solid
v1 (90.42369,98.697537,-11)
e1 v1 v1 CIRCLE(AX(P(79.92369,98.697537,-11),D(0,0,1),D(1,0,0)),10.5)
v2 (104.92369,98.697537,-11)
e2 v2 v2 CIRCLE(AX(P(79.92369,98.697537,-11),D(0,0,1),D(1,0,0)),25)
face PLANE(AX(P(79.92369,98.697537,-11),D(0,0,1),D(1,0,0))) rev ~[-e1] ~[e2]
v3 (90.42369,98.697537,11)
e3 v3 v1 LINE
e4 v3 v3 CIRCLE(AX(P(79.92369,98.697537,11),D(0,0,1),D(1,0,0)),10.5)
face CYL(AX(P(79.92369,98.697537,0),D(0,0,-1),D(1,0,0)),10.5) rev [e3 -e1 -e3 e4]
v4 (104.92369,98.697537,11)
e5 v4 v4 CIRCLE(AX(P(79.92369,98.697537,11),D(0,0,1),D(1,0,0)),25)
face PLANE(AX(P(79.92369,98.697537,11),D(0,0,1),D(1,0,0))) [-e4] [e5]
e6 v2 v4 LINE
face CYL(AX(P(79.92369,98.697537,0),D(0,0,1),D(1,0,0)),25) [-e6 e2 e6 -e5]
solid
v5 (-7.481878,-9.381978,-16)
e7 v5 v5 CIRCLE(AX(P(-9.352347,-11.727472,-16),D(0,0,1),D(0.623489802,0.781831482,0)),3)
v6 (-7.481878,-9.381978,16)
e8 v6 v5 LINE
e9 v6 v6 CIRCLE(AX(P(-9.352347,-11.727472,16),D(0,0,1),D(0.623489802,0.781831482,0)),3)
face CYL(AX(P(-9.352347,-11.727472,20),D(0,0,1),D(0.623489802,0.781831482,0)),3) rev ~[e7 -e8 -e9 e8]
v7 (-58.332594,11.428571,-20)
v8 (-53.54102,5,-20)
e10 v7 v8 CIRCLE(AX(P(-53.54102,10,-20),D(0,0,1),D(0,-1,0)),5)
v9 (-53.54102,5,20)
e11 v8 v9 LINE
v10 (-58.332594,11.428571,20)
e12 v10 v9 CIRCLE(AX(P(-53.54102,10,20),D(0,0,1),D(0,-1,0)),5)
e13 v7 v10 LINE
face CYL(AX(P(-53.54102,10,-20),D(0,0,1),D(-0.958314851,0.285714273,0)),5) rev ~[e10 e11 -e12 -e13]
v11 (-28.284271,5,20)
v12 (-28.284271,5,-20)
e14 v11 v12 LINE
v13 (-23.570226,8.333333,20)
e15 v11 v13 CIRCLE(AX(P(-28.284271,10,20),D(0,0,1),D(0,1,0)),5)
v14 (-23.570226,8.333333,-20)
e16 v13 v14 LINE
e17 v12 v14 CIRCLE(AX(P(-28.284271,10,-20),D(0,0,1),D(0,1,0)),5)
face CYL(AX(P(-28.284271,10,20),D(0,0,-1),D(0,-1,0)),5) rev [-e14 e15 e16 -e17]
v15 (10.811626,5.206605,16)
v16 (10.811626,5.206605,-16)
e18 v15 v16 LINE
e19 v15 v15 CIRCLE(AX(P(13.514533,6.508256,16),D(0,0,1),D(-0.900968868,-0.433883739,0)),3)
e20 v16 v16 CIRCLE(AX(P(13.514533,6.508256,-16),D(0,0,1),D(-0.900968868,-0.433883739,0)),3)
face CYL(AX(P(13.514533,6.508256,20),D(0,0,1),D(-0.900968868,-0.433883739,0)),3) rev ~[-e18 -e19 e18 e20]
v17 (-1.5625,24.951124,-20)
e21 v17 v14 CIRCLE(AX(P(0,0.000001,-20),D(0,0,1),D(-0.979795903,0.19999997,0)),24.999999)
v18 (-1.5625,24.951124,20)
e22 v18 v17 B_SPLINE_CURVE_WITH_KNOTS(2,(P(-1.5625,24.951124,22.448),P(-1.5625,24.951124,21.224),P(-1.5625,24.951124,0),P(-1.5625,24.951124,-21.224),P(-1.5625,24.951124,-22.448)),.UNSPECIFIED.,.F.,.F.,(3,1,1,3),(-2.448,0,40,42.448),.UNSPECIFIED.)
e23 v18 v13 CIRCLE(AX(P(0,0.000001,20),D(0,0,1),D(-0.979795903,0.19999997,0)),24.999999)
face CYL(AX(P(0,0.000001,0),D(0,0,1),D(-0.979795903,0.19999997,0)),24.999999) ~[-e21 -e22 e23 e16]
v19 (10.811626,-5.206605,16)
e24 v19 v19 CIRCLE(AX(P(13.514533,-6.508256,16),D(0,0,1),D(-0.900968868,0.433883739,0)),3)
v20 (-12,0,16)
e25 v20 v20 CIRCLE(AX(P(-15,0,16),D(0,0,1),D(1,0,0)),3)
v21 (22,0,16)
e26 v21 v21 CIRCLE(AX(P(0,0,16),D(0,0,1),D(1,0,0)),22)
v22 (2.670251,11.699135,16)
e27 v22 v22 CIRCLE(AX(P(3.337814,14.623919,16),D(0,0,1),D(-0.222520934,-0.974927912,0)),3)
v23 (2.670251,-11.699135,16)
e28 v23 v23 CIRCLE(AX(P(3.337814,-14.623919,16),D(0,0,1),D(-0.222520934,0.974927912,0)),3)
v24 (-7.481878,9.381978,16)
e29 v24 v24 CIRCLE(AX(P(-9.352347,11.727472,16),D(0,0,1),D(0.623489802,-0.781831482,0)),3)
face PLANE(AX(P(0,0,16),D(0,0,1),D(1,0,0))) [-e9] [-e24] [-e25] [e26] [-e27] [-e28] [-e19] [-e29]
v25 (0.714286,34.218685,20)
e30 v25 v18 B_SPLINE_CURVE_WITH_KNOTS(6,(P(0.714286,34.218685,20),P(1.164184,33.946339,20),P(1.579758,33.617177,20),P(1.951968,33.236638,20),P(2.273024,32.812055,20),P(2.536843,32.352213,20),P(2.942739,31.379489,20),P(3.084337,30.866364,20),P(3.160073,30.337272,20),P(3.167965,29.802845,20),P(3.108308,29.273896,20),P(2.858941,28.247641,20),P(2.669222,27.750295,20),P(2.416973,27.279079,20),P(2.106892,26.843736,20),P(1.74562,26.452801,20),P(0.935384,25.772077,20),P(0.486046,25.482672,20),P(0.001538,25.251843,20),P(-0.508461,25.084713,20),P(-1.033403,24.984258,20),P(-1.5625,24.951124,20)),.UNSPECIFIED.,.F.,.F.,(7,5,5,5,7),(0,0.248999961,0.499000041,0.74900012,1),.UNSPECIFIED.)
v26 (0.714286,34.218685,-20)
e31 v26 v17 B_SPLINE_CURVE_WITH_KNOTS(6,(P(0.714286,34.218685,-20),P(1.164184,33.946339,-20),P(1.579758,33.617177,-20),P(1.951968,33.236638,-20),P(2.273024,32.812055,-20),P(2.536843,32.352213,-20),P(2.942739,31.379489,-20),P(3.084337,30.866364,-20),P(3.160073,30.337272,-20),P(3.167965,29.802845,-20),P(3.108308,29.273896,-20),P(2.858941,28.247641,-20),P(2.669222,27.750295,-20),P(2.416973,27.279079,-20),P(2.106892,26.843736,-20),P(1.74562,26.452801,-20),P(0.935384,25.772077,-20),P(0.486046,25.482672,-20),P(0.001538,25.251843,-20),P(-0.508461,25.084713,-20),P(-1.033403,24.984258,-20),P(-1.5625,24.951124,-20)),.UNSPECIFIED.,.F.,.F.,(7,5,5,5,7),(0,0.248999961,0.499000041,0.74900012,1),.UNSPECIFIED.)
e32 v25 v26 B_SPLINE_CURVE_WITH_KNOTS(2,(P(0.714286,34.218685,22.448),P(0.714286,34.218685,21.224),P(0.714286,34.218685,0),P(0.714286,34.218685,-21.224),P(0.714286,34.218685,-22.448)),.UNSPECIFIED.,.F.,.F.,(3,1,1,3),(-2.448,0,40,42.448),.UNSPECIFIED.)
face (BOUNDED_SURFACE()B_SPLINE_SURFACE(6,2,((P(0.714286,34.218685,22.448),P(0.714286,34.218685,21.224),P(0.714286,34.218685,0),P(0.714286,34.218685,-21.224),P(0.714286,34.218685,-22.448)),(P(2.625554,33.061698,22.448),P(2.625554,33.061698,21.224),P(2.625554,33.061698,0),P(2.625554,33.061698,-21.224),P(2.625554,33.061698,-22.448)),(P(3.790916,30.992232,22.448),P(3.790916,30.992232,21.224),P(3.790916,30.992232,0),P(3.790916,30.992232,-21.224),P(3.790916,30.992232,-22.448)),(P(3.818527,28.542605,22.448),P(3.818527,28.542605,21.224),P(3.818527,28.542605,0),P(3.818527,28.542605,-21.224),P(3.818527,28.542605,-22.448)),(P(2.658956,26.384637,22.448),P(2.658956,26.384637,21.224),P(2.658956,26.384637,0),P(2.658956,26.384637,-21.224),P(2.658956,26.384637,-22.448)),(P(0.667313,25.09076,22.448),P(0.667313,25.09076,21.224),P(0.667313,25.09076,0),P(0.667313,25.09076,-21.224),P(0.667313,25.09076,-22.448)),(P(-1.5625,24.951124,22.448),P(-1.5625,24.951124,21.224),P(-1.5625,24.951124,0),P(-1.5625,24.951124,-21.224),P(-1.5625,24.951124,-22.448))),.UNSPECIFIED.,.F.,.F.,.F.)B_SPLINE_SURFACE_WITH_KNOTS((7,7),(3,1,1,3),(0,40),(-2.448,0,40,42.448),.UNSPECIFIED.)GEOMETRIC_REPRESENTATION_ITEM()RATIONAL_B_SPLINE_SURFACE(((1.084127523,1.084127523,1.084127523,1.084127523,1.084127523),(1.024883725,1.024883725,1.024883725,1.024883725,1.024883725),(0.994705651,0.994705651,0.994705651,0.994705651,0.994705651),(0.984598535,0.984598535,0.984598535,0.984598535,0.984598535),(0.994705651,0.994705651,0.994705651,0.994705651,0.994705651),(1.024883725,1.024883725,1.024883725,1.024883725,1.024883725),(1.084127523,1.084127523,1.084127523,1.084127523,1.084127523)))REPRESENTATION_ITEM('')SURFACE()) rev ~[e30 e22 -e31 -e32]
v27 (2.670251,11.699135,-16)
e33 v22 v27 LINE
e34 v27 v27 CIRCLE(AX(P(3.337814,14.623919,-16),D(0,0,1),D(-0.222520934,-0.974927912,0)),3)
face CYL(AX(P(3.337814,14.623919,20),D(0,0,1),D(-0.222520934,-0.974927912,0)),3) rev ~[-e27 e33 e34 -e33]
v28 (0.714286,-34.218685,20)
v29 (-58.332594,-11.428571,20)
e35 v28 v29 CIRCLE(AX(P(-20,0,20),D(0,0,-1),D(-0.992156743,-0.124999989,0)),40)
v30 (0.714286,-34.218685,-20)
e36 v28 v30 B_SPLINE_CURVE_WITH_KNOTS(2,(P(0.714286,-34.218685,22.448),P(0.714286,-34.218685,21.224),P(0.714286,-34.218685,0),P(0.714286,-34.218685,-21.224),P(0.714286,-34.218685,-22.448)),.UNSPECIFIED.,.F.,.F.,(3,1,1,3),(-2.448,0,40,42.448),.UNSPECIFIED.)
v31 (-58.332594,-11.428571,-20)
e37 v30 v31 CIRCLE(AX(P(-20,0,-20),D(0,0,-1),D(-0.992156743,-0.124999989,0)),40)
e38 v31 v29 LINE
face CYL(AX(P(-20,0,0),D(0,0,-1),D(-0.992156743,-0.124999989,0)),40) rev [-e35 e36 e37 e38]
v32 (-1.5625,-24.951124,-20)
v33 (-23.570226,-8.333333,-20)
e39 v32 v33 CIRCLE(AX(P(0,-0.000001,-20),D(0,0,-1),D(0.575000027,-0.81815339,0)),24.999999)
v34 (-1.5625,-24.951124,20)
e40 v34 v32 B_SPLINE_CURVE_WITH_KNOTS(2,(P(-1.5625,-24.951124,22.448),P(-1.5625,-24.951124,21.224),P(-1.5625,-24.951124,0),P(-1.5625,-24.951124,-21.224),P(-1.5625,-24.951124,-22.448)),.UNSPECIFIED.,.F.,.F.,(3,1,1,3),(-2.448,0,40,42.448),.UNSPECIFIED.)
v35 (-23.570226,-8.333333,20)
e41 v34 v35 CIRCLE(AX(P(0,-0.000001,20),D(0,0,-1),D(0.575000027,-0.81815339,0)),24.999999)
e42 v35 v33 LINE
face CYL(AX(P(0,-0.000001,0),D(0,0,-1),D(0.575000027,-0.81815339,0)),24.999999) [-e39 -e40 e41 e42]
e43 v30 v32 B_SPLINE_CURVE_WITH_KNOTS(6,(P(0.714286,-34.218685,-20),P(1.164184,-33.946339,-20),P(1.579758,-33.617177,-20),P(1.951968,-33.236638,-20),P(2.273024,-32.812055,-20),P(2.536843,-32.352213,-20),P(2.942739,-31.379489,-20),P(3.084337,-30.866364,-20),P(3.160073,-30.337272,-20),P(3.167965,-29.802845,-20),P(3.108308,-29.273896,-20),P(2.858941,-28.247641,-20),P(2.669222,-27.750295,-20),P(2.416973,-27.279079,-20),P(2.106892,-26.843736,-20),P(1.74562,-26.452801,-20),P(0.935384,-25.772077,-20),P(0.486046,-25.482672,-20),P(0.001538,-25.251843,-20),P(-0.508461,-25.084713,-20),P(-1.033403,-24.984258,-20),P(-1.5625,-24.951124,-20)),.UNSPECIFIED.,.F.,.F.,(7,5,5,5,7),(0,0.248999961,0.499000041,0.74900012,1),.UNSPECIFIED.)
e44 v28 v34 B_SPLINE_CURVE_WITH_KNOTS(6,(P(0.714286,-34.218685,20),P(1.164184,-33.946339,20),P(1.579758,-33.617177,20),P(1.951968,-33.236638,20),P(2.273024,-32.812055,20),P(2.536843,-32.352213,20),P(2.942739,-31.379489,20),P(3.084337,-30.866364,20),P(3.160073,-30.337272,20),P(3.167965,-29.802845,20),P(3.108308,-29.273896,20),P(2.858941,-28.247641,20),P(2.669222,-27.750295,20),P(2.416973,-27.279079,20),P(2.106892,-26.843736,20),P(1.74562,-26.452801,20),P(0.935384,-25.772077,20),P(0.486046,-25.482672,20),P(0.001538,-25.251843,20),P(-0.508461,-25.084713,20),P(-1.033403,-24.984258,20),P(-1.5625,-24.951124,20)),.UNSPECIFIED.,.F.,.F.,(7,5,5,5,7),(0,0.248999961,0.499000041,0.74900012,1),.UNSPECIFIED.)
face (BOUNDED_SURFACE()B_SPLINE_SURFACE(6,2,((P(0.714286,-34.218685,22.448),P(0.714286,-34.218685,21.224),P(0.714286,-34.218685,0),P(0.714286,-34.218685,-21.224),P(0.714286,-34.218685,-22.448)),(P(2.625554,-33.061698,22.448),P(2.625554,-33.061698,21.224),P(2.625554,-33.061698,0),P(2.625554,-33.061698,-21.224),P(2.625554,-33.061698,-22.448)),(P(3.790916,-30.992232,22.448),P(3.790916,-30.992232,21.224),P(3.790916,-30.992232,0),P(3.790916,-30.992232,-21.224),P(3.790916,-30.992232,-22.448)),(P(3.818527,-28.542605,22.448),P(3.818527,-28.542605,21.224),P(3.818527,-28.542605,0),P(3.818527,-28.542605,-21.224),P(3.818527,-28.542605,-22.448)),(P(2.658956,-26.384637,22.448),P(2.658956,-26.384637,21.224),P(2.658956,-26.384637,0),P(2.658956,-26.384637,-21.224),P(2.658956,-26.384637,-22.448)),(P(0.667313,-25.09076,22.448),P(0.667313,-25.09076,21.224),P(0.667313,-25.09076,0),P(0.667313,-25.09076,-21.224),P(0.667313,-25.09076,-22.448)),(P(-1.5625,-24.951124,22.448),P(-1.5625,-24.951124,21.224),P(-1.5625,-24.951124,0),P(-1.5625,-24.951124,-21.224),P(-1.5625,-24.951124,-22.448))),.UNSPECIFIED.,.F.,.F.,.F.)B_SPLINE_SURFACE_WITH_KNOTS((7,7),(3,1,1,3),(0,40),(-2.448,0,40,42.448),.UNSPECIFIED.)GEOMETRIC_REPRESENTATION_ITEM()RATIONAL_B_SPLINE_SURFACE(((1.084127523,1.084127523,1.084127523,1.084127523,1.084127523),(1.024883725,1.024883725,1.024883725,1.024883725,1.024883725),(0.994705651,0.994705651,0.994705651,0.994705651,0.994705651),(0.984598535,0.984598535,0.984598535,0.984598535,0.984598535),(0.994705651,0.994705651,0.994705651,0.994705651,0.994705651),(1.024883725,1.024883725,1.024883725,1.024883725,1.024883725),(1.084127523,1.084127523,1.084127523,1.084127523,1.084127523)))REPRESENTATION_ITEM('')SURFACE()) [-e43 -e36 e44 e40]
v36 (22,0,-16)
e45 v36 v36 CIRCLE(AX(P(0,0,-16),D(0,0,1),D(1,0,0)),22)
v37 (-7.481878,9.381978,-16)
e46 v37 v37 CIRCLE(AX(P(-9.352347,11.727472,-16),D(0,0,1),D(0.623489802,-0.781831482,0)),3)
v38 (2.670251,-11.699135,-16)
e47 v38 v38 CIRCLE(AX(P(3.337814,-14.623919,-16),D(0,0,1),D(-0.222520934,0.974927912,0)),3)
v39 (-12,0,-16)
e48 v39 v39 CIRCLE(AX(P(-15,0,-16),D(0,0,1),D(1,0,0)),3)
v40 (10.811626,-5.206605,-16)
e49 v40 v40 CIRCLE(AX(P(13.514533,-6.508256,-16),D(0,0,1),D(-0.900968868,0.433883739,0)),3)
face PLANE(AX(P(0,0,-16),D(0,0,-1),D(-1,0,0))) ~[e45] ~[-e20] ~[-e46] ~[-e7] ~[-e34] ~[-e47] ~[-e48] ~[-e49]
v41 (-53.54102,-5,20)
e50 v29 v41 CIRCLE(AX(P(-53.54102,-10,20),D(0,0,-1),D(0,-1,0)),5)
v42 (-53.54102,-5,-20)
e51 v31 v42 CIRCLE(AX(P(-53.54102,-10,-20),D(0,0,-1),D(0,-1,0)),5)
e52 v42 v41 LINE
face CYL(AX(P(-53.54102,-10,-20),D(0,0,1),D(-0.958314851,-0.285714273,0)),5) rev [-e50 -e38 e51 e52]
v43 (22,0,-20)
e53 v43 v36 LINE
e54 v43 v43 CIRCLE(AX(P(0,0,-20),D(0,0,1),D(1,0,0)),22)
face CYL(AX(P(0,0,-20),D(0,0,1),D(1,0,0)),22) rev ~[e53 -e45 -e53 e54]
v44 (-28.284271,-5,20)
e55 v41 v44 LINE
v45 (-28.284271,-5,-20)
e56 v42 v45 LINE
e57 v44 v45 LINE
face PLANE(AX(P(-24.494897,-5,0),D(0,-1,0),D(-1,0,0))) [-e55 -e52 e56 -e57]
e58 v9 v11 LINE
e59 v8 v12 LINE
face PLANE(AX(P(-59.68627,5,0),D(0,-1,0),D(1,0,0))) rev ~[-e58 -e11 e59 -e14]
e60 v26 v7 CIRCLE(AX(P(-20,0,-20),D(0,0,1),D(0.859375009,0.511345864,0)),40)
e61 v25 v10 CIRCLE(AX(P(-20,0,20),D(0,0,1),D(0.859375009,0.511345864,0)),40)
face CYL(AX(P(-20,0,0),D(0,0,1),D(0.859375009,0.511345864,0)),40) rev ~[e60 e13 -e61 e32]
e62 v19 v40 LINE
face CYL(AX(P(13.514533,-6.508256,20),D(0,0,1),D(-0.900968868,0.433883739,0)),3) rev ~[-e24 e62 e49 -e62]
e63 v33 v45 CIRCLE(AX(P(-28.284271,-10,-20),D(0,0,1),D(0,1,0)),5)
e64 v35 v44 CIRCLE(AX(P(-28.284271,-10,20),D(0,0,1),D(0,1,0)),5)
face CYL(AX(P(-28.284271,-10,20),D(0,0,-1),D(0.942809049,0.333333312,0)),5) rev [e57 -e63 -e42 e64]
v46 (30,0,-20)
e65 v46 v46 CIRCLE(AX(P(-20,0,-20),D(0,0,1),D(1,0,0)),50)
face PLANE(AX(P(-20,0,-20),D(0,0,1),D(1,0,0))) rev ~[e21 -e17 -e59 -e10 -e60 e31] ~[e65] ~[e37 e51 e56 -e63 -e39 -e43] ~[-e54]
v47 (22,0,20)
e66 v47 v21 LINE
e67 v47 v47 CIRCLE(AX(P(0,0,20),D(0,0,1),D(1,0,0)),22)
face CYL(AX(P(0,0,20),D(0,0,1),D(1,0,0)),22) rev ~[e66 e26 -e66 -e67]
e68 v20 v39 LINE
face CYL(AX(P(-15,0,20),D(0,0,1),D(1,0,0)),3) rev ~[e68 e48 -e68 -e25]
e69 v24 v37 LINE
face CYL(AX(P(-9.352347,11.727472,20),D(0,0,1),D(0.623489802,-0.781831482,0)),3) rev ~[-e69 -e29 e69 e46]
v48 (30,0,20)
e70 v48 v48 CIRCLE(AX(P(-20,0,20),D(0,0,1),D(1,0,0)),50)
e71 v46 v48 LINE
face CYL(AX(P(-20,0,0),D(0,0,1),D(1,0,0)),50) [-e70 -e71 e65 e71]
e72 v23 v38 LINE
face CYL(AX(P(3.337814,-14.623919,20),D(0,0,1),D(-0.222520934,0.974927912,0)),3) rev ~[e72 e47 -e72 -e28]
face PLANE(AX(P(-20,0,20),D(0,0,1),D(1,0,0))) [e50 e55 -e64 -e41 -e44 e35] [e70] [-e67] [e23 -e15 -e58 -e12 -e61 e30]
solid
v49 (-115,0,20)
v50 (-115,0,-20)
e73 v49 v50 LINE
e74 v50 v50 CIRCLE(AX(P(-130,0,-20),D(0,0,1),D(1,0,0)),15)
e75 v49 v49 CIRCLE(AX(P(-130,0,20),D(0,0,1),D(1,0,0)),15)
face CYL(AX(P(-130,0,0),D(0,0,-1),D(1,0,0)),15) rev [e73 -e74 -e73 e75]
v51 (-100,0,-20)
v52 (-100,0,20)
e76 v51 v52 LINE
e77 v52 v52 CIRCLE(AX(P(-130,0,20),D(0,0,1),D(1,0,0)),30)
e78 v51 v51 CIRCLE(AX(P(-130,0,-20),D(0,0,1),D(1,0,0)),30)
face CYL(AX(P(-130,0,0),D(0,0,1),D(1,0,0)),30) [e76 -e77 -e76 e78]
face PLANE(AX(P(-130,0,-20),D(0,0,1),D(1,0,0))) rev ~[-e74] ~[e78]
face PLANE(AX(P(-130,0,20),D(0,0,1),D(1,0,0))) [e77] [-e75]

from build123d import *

# Parameters (mm, degrees)
F0_R          = 50
F2_DEPTH      = 20
F3_DEPTH      = 44.5
F5_R          = 5
F6_R          = 22
F7_DEPTH      = 4
F7_DEPTH_BACK = -10
F10_R         = 3
F11_DEPTH     = 60
F12_COUNT     = 7
F14_R         = 30
F14_R_2       = 15
F15_DEPTH     = 20
F14_R_3       = 25
F14_R_4       = 10.5
F16_DEPTH     = 11


with BuildPart() as f2:
    # F0 (on Top) → F2 (new body, symmetric)
    with BuildSketch(Plane.XY):
        with Locations((-20, 0)):
            Circle(F0_R)
    extrude(amount=F2_DEPTH, both=True)


with BuildPart() as f3:
    # F1 (on Top) → F3 (new body, symmetric)
    with BuildSketch(Plane.XY):
        with BuildLine():
            Line((-24.494897, -5), (-59.68627, -5))
            ThreePointArc((-59.68627, -5), (-28.170536, -39.156639), (14.375, -20.453835))
            ThreePointArc((14.375, -20.453835), (-9.236251, -23.231265), (-24.494897, -5))
        make_face()
        with BuildLine():
            ThreePointArc((14.375, 20.453835), (-28.170536, 39.156639), (-59.68627, 5))
            Line((-59.68627, 5), (-24.494897, 5))
            ThreePointArc((-24.494897, 5), (-9.236251, 23.231265), (14.375, 20.453835))
        make_face()
    extrude(amount=F3_DEPTH, both=True)


with BuildPart() as f2_1:
    add(f2.part)

    # F4: cut F3
    add(f3.part, mode=Mode.SUBTRACT)

    # F5
    f5_edges = [f2_1.edges().sort_by_distance(p)[0] for p in [
        (14.375, 20.453835, 0),
        (-59.68627, 5, 0),
        (-24.494897, 5, 0),
        (-24.494897, -5, 0),
        (-59.68627, -5, 0),
        (14.375, -20.453835, 0),
    ]]
    fillet(f5_edges, radius=F5_R)


with BuildPart() as f7:
    # F6 (on face) → F7 (new body, two sides)
    with BuildSketch(Plane.XY.offset(20)) as f7_sk:
        Circle(F6_R)
    extrude(amount=-F7_DEPTH)
    extrude(f7_sk.sketch, amount=-F7_DEPTH_BACK)


with BuildPart() as f8_1:
    # F8: instance of F7
    add(f7.part.mirror(Plane.XY))


with BuildPart() as f2_2:
    add(f2_1.part)

    # F9: cut F7, F8_1
    add(f7.part, mode=Mode.SUBTRACT)
    add(f8_1.part, mode=Mode.SUBTRACT)


with BuildPart() as f11:
    # F10 (on face) → F11 (new body)
    with BuildSketch(Plane.XY.offset(20)):
        with Locations((-15, 0)):
            Circle(F10_R)
    extrude(amount=-F11_DEPTH)


with BuildPart() as f12_1:
    # F12: instance of F11
    add(f11.part.rotate(Axis((0, 0, 20), (0, 0, 1)), 1 * 360 / F12_COUNT))


with BuildPart() as f12_2:
    # F12: instance of F11
    add(f11.part.rotate(Axis((0, 0, 20), (0, 0, 1)), 2 * 360 / F12_COUNT))


with BuildPart() as f12_3:
    # F12: instance of F11
    add(f11.part.rotate(Axis((0, 0, 20), (0, 0, 1)), 3 * 360 / F12_COUNT))


with BuildPart() as f12_4:
    # F12: instance of F11
    add(f11.part.rotate(Axis((0, 0, 20), (0, 0, 1)), 4 * 360 / F12_COUNT))


with BuildPart() as f12_5:
    # F12: instance of F11
    add(f11.part.rotate(Axis((0, 0, 20), (0, 0, 1)), 5 * 360 / F12_COUNT))


with BuildPart() as f12_6:
    # F12: instance of F11
    add(f11.part.rotate(Axis((0, 0, 20), (0, 0, 1)), 6 * 360 / F12_COUNT))


with BuildPart() as f2_3:
    add(f2_2.part)

    # F13: cut F12_5, F12_3, F12_4, F11, F12_6, F12_1, F12_2
    add(f12_5.part, mode=Mode.SUBTRACT)
    add(f12_3.part, mode=Mode.SUBTRACT)
    add(f12_4.part, mode=Mode.SUBTRACT)
    add(f11.part, mode=Mode.SUBTRACT)
    add(f12_6.part, mode=Mode.SUBTRACT)
    add(f12_1.part, mode=Mode.SUBTRACT)
    add(f12_2.part, mode=Mode.SUBTRACT)


with BuildPart() as f15:
    # F14 (on Top) → F15 (new body, symmetric)
    with BuildSketch(Plane.XY):
        with Locations((-130, 0)):
            Circle(F14_R)
        with Locations((-130, 0)):
            Circle(F14_R_2, mode=Mode.SUBTRACT)
    extrude(amount=F15_DEPTH, both=True)


with BuildPart() as f16:
    # F14 (on Top) → F16 (new body, symmetric)
    with BuildSketch(Plane.XY):
        with Locations((79.92369, 98.697537)):
            Circle(F14_R_3)
        with Locations((79.92369, 98.697537)):
            Circle(F14_R_4, mode=Mode.SUBTRACT)
    extrude(amount=F16_DEPTH, both=True)


solid = Compound([f2_3.part, f15.part, f16.part])
